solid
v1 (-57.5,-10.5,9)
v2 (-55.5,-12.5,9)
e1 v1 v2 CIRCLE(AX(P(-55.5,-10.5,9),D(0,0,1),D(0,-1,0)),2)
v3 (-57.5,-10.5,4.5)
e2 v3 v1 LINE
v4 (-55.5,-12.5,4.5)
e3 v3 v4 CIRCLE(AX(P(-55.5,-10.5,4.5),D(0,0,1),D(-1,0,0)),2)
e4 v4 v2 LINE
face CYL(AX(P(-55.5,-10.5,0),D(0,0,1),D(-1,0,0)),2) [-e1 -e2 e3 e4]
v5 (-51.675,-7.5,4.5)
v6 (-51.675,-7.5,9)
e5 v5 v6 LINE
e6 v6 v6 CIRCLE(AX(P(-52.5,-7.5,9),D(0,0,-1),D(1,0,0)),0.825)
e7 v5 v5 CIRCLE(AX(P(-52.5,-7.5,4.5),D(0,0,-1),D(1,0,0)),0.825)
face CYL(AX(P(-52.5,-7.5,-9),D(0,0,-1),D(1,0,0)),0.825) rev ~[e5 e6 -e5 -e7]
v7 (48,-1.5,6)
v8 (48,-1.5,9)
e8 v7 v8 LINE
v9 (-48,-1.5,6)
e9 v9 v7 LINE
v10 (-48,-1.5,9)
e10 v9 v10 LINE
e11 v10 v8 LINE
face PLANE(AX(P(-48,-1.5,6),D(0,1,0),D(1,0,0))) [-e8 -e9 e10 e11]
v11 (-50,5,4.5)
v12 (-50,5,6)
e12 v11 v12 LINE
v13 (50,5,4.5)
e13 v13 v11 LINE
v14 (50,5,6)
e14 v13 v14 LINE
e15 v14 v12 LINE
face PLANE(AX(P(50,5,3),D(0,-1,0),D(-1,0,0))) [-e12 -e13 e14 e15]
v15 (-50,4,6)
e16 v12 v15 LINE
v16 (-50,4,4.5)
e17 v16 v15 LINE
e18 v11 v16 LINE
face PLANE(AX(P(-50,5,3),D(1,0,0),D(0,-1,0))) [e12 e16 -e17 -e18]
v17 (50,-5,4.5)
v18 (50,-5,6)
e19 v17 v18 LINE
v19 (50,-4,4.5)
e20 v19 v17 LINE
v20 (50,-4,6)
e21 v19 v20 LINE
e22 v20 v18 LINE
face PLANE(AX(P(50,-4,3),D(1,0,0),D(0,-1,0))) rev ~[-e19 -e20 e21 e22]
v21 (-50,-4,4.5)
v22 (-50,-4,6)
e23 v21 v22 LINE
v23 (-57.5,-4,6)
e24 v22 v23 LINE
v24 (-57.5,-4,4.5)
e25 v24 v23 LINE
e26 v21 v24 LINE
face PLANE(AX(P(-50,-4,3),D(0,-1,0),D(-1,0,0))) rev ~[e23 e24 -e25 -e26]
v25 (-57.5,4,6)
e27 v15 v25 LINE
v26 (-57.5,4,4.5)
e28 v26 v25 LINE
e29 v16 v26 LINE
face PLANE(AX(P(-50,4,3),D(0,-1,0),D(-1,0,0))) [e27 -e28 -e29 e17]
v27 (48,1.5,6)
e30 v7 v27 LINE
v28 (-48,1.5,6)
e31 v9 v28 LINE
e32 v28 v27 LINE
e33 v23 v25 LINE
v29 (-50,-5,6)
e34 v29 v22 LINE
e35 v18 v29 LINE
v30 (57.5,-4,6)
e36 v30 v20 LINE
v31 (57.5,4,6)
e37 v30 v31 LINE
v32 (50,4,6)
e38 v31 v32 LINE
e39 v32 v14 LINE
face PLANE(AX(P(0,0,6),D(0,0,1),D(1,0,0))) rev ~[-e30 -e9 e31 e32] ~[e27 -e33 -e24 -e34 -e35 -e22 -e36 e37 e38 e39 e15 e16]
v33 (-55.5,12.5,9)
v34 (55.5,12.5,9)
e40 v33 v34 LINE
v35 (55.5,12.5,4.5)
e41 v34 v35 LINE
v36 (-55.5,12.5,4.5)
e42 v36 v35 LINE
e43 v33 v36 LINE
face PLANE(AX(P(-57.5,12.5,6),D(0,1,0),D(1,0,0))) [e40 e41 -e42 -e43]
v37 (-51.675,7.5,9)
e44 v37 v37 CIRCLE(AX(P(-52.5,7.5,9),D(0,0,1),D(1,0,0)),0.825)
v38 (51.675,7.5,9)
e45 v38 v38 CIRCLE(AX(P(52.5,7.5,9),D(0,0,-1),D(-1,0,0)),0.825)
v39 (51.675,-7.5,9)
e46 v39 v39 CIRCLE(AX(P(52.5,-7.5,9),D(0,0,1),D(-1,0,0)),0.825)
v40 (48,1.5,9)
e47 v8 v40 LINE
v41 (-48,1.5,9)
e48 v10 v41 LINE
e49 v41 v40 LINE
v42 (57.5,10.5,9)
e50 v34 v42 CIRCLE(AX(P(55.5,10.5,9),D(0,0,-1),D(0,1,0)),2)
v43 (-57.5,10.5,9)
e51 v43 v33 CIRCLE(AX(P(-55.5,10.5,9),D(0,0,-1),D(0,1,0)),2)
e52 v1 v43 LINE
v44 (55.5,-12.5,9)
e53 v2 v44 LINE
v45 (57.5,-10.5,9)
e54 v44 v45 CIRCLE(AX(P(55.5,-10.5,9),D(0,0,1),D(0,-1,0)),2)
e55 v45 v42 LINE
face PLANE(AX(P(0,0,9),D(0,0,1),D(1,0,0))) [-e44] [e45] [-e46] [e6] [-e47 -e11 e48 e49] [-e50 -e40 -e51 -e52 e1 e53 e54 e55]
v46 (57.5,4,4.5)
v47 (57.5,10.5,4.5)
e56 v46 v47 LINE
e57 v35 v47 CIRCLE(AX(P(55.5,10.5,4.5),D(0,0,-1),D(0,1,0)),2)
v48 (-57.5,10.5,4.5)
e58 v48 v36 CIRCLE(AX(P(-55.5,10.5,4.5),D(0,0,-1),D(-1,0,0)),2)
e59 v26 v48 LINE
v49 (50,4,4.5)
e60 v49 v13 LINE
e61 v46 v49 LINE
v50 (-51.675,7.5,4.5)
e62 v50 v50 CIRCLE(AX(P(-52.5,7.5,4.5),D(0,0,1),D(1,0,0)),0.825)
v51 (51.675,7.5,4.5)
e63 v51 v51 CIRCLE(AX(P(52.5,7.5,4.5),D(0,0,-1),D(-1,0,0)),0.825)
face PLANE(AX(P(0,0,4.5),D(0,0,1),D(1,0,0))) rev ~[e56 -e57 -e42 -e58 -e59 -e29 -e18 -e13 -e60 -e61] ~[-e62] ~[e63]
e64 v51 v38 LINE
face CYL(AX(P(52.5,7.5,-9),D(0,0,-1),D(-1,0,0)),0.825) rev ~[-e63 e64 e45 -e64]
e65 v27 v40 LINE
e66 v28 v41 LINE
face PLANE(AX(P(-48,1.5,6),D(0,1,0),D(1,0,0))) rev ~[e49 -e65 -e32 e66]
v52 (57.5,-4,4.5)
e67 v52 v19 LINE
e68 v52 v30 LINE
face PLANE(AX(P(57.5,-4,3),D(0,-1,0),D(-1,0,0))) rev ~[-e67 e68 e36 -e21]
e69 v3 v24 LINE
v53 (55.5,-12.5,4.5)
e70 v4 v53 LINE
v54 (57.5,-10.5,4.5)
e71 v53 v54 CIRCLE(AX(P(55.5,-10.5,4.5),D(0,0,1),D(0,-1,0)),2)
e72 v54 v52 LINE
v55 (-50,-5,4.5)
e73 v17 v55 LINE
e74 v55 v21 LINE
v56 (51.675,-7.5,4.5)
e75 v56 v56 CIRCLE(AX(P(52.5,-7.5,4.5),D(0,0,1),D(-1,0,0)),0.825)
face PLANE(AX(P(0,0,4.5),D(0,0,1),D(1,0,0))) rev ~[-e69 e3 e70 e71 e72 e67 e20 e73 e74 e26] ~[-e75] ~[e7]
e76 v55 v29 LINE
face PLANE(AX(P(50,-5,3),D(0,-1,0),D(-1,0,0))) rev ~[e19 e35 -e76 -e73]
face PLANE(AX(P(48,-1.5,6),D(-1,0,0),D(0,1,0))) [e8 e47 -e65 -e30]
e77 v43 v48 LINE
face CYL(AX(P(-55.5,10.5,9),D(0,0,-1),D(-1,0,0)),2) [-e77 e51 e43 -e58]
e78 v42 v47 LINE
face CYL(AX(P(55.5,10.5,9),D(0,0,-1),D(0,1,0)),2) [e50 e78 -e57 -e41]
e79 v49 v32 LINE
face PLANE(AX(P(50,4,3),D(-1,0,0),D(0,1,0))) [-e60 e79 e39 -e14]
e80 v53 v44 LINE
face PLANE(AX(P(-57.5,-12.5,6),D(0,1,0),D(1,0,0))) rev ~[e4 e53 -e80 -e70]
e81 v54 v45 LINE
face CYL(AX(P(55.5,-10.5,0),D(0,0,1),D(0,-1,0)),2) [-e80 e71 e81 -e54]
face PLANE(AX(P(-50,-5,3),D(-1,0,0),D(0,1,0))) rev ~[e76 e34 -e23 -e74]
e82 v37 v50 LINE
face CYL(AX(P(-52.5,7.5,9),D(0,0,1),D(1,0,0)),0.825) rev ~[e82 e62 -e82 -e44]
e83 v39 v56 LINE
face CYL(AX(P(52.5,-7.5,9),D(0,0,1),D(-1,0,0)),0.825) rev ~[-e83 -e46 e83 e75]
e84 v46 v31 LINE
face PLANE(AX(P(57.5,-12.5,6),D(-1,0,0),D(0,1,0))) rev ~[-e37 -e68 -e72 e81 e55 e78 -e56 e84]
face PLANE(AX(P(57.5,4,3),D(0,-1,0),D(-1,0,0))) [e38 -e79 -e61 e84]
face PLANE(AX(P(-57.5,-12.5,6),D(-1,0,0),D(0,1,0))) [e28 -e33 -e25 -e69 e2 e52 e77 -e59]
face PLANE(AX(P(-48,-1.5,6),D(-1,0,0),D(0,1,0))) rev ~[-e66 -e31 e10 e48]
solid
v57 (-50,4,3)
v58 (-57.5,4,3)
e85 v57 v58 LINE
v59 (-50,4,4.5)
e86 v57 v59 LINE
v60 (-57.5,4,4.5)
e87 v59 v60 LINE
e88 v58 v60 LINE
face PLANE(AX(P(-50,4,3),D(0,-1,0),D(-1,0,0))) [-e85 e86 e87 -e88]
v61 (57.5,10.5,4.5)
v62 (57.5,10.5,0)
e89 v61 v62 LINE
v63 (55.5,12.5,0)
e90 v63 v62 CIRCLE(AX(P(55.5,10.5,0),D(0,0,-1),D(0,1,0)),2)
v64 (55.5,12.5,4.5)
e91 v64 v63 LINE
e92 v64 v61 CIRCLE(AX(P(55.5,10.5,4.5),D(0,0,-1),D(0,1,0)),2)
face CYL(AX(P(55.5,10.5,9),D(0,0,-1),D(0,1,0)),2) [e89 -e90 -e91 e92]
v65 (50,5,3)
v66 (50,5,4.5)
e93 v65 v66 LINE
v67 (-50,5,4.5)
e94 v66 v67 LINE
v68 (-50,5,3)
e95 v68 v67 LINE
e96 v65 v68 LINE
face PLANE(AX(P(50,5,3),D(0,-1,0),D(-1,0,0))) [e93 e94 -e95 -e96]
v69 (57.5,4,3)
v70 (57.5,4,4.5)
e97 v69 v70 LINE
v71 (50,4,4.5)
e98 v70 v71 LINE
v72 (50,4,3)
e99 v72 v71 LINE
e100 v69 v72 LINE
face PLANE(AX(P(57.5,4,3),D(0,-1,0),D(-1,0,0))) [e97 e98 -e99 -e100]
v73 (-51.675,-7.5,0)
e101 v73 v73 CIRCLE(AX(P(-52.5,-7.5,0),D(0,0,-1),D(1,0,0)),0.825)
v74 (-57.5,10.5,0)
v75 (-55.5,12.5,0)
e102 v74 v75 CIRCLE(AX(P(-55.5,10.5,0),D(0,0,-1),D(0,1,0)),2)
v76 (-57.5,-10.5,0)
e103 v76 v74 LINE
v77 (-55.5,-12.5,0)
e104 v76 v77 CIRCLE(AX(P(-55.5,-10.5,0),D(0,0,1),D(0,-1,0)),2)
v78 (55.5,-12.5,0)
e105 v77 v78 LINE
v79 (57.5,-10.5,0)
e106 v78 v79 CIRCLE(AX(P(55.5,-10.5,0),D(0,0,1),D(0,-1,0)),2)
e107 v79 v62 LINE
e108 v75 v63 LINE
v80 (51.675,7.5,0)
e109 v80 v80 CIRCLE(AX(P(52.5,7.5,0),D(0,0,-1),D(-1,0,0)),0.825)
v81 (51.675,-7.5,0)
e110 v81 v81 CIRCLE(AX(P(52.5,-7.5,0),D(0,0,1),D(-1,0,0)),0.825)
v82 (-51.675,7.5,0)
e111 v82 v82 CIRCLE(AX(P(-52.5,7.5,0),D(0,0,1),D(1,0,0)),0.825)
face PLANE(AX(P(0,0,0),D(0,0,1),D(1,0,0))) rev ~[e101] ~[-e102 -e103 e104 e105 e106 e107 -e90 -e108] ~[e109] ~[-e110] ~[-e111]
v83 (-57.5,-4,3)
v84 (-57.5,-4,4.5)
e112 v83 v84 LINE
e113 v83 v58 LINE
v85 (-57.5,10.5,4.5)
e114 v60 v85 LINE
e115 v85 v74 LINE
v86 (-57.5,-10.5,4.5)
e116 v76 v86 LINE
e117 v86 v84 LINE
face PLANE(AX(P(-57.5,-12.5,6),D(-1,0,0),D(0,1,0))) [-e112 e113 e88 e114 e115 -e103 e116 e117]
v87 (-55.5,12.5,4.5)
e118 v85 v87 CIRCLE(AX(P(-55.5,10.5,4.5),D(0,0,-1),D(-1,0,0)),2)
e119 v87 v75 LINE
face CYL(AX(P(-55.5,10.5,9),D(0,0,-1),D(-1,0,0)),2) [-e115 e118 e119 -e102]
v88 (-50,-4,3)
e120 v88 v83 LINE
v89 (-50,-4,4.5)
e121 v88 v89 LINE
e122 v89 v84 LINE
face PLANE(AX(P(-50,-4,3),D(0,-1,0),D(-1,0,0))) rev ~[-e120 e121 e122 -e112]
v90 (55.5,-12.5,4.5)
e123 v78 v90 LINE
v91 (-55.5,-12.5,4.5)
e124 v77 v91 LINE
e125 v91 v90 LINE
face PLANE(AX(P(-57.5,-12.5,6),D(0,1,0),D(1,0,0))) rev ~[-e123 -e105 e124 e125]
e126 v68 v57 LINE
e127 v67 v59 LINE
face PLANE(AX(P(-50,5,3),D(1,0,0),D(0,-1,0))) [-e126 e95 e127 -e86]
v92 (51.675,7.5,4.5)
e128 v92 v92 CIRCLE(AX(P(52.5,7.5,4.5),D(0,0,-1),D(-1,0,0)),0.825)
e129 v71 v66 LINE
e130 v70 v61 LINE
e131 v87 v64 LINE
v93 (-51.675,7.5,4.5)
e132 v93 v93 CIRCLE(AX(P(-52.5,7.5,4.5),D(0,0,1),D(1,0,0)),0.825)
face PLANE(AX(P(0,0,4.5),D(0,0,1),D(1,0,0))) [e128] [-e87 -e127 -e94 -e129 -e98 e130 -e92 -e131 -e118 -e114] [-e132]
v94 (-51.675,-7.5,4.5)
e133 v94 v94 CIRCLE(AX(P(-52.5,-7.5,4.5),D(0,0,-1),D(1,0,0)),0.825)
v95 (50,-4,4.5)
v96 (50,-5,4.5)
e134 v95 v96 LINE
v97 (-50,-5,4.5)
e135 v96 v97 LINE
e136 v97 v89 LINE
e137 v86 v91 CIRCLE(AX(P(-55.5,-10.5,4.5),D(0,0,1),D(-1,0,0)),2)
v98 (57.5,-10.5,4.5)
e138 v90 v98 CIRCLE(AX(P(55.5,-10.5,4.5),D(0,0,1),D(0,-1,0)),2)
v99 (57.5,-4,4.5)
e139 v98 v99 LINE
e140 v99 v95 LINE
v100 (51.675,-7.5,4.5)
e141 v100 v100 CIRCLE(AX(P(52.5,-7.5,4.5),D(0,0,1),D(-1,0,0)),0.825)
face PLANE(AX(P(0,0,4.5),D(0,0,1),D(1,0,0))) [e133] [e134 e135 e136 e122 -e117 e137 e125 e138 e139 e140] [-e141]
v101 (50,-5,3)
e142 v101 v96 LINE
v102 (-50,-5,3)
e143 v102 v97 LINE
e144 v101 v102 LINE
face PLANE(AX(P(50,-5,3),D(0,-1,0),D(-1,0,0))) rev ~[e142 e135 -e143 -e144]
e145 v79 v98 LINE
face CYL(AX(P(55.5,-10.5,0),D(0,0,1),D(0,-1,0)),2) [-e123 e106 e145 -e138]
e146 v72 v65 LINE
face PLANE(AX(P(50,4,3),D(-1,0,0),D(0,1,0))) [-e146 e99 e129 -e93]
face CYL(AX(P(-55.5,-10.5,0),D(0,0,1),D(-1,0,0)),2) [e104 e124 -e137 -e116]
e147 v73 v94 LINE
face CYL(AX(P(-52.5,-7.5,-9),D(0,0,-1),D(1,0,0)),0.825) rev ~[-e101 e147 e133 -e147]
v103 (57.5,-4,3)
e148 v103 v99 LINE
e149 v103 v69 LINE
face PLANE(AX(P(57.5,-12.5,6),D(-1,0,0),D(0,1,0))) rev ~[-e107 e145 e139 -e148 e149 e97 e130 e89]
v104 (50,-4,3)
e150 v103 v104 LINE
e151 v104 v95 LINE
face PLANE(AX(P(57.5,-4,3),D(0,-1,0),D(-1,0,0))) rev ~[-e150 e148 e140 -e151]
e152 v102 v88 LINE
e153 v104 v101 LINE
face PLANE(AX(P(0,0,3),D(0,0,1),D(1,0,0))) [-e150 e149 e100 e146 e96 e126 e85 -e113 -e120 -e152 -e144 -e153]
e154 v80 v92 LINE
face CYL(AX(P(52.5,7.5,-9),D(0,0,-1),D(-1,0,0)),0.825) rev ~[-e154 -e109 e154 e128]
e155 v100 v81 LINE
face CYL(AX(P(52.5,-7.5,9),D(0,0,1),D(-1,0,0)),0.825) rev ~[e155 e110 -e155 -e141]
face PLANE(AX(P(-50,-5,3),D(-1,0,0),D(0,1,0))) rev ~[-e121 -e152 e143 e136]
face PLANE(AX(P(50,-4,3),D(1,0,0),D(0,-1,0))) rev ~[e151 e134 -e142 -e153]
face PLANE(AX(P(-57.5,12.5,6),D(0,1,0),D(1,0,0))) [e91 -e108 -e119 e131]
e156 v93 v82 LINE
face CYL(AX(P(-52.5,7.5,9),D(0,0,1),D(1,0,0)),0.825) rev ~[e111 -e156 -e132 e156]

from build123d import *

# Parameters (mm, degrees)
BOX_BOTTOM_HALF_0_W     = 117
BOX_BOTTOM_HALF_0_H     = 27
BOX_BOTTOM_HALF_0_DEPTH = 5.5
SKETCH_W                = 115
SKETCH_H                = 25
PAD_DEPTH               = 3
PAD001_DEPTH            = 3
SKETCH002_W             = 115
SKETCH002_H             = 25
SKETCH002_W_2           = 96
SKETCH002_H_2           = 3
PAD002_DEPTH            = 3
SKETCH003_R             = 0.825
POCKET_DEPTH            = 245.060315
POLARPATTERN_COUNT      = 2
POLARPATTERN001_COUNT   = 2
POLARPATTERN002_COUNT   = 2
FILLET_R                = 2


with BuildPart() as box_bottom_half_0_body:
    # box_bottom_half_0 → box_bottom_half_0 (new body)
    with BuildSketch(Plane(origin=(-58.5, -13.5, -1), x_dir=(1, 0, 0), z_dir=(0, 0, 1))):
        with Locations((58.5, 13.5)):
            Rectangle(BOX_BOTTOM_HALF_0_W, BOX_BOTTOM_HALF_0_H)
    extrude(amount=BOX_BOTTOM_HALF_0_DEPTH)


with BuildPart() as body:
    # Sketch → Pad (new body)
    with BuildSketch(Plane.XY):
        Rectangle(SKETCH_W, SKETCH_H)
    extrude(amount=PAD_DEPTH)

    # Sketch001 (on Face6 of Pad) → Pad001 (join)
    with BuildSketch(Plane.XY.offset(3)):
        Polygon((-57.5, 12.5), (57.5, 12.5), (57.5, 4), (50, 4), (50, 5), (-50, 5), (-50, 4), (-57.5, 4), align=None)
        Polygon((-57.5, -12.5), (57.5, -12.5), (57.5, -4), (50, -4), (50, -5), (-50, -5), (-50, -4), (-57.5, -4), align=None)
    extrude(amount=PAD001_DEPTH)

    # Sketch002 (on Face12 of Pad001) → Pad002 (join)
    with BuildSketch(Plane.XY.offset(6)):
        Rectangle(SKETCH002_W, SKETCH002_H)
        Rectangle(SKETCH002_W_2, SKETCH002_H_2, mode=Mode.SUBTRACT)
    extrude(amount=PAD002_DEPTH)

    # Sketch003 (on Face26 of Pad002) → Pocket (cut, through all)
    with BuildSketch(Plane.XY.offset(9)):
        with Locations((-52.5, 7.5)):
            Circle(SKETCH003_R)
    pocket = extrude(amount=-POCKET_DEPTH, mode=Mode.SUBTRACT)

    # PolarPattern: Pocket ×2 about axis
    polarpattern_axis = Axis((0, 0, 0), (0, 1, 0))
    for i in range(1, POLARPATTERN_COUNT):
        add(pocket.rotate(polarpattern_axis, i * 360 / POLARPATTERN_COUNT), mode=Mode.SUBTRACT)

    # PolarPattern001: Pocket ×2 about axis
    polarpattern001_axis = Axis((0, 0, 0), (1, 0, 0))
    for i in range(1, POLARPATTERN001_COUNT):
        add(pocket.rotate(polarpattern001_axis, i * 360 / POLARPATTERN001_COUNT), mode=Mode.SUBTRACT)

    # PolarPattern002: Pocket ×2 about axis
    polarpattern002_axis = Axis((0, 0, 9), (0, 0, 1))
    for i in range(1, POLARPATTERN002_COUNT):
        add(pocket.rotate(polarpattern002_axis, i * 360 / POLARPATTERN002_COUNT), mode=Mode.SUBTRACT)

    # Fillet
    fillet_edges = [body.edges().sort_by_distance(p)[0] for p in [
        (57.5, 12.5, 7.5),
        (57.5, 12.5, 4.5),
        (57.5, 12.5, 1.5),
        (57.5, -12.5, 7.5),
        (-57.5, 12.5, 7.5),
        (-57.5, -12.5, 7.5),
    ]]
    fillet(fillet_edges, radius=FILLET_R)


with BuildPart() as bottom_half_0_body:
    # bottom_half_0 base: copy of Body
    add(body.part)

    # bottom_half_0: intersect box_bottom_half_0 body
    add(box_bottom_half_0_body.part, mode=Mode.INTERSECT)


with BuildPart() as top_half_0_body:
    # top_half_0 base: copy of Body
    add(body.part)

    # top_half_0: cut box_bottom_half_0 body
    add(box_bottom_half_0_body.part, mode=Mode.SUBTRACT)


solid = Compound([bottom_half_0_body.part, top_half_0_body.part])
